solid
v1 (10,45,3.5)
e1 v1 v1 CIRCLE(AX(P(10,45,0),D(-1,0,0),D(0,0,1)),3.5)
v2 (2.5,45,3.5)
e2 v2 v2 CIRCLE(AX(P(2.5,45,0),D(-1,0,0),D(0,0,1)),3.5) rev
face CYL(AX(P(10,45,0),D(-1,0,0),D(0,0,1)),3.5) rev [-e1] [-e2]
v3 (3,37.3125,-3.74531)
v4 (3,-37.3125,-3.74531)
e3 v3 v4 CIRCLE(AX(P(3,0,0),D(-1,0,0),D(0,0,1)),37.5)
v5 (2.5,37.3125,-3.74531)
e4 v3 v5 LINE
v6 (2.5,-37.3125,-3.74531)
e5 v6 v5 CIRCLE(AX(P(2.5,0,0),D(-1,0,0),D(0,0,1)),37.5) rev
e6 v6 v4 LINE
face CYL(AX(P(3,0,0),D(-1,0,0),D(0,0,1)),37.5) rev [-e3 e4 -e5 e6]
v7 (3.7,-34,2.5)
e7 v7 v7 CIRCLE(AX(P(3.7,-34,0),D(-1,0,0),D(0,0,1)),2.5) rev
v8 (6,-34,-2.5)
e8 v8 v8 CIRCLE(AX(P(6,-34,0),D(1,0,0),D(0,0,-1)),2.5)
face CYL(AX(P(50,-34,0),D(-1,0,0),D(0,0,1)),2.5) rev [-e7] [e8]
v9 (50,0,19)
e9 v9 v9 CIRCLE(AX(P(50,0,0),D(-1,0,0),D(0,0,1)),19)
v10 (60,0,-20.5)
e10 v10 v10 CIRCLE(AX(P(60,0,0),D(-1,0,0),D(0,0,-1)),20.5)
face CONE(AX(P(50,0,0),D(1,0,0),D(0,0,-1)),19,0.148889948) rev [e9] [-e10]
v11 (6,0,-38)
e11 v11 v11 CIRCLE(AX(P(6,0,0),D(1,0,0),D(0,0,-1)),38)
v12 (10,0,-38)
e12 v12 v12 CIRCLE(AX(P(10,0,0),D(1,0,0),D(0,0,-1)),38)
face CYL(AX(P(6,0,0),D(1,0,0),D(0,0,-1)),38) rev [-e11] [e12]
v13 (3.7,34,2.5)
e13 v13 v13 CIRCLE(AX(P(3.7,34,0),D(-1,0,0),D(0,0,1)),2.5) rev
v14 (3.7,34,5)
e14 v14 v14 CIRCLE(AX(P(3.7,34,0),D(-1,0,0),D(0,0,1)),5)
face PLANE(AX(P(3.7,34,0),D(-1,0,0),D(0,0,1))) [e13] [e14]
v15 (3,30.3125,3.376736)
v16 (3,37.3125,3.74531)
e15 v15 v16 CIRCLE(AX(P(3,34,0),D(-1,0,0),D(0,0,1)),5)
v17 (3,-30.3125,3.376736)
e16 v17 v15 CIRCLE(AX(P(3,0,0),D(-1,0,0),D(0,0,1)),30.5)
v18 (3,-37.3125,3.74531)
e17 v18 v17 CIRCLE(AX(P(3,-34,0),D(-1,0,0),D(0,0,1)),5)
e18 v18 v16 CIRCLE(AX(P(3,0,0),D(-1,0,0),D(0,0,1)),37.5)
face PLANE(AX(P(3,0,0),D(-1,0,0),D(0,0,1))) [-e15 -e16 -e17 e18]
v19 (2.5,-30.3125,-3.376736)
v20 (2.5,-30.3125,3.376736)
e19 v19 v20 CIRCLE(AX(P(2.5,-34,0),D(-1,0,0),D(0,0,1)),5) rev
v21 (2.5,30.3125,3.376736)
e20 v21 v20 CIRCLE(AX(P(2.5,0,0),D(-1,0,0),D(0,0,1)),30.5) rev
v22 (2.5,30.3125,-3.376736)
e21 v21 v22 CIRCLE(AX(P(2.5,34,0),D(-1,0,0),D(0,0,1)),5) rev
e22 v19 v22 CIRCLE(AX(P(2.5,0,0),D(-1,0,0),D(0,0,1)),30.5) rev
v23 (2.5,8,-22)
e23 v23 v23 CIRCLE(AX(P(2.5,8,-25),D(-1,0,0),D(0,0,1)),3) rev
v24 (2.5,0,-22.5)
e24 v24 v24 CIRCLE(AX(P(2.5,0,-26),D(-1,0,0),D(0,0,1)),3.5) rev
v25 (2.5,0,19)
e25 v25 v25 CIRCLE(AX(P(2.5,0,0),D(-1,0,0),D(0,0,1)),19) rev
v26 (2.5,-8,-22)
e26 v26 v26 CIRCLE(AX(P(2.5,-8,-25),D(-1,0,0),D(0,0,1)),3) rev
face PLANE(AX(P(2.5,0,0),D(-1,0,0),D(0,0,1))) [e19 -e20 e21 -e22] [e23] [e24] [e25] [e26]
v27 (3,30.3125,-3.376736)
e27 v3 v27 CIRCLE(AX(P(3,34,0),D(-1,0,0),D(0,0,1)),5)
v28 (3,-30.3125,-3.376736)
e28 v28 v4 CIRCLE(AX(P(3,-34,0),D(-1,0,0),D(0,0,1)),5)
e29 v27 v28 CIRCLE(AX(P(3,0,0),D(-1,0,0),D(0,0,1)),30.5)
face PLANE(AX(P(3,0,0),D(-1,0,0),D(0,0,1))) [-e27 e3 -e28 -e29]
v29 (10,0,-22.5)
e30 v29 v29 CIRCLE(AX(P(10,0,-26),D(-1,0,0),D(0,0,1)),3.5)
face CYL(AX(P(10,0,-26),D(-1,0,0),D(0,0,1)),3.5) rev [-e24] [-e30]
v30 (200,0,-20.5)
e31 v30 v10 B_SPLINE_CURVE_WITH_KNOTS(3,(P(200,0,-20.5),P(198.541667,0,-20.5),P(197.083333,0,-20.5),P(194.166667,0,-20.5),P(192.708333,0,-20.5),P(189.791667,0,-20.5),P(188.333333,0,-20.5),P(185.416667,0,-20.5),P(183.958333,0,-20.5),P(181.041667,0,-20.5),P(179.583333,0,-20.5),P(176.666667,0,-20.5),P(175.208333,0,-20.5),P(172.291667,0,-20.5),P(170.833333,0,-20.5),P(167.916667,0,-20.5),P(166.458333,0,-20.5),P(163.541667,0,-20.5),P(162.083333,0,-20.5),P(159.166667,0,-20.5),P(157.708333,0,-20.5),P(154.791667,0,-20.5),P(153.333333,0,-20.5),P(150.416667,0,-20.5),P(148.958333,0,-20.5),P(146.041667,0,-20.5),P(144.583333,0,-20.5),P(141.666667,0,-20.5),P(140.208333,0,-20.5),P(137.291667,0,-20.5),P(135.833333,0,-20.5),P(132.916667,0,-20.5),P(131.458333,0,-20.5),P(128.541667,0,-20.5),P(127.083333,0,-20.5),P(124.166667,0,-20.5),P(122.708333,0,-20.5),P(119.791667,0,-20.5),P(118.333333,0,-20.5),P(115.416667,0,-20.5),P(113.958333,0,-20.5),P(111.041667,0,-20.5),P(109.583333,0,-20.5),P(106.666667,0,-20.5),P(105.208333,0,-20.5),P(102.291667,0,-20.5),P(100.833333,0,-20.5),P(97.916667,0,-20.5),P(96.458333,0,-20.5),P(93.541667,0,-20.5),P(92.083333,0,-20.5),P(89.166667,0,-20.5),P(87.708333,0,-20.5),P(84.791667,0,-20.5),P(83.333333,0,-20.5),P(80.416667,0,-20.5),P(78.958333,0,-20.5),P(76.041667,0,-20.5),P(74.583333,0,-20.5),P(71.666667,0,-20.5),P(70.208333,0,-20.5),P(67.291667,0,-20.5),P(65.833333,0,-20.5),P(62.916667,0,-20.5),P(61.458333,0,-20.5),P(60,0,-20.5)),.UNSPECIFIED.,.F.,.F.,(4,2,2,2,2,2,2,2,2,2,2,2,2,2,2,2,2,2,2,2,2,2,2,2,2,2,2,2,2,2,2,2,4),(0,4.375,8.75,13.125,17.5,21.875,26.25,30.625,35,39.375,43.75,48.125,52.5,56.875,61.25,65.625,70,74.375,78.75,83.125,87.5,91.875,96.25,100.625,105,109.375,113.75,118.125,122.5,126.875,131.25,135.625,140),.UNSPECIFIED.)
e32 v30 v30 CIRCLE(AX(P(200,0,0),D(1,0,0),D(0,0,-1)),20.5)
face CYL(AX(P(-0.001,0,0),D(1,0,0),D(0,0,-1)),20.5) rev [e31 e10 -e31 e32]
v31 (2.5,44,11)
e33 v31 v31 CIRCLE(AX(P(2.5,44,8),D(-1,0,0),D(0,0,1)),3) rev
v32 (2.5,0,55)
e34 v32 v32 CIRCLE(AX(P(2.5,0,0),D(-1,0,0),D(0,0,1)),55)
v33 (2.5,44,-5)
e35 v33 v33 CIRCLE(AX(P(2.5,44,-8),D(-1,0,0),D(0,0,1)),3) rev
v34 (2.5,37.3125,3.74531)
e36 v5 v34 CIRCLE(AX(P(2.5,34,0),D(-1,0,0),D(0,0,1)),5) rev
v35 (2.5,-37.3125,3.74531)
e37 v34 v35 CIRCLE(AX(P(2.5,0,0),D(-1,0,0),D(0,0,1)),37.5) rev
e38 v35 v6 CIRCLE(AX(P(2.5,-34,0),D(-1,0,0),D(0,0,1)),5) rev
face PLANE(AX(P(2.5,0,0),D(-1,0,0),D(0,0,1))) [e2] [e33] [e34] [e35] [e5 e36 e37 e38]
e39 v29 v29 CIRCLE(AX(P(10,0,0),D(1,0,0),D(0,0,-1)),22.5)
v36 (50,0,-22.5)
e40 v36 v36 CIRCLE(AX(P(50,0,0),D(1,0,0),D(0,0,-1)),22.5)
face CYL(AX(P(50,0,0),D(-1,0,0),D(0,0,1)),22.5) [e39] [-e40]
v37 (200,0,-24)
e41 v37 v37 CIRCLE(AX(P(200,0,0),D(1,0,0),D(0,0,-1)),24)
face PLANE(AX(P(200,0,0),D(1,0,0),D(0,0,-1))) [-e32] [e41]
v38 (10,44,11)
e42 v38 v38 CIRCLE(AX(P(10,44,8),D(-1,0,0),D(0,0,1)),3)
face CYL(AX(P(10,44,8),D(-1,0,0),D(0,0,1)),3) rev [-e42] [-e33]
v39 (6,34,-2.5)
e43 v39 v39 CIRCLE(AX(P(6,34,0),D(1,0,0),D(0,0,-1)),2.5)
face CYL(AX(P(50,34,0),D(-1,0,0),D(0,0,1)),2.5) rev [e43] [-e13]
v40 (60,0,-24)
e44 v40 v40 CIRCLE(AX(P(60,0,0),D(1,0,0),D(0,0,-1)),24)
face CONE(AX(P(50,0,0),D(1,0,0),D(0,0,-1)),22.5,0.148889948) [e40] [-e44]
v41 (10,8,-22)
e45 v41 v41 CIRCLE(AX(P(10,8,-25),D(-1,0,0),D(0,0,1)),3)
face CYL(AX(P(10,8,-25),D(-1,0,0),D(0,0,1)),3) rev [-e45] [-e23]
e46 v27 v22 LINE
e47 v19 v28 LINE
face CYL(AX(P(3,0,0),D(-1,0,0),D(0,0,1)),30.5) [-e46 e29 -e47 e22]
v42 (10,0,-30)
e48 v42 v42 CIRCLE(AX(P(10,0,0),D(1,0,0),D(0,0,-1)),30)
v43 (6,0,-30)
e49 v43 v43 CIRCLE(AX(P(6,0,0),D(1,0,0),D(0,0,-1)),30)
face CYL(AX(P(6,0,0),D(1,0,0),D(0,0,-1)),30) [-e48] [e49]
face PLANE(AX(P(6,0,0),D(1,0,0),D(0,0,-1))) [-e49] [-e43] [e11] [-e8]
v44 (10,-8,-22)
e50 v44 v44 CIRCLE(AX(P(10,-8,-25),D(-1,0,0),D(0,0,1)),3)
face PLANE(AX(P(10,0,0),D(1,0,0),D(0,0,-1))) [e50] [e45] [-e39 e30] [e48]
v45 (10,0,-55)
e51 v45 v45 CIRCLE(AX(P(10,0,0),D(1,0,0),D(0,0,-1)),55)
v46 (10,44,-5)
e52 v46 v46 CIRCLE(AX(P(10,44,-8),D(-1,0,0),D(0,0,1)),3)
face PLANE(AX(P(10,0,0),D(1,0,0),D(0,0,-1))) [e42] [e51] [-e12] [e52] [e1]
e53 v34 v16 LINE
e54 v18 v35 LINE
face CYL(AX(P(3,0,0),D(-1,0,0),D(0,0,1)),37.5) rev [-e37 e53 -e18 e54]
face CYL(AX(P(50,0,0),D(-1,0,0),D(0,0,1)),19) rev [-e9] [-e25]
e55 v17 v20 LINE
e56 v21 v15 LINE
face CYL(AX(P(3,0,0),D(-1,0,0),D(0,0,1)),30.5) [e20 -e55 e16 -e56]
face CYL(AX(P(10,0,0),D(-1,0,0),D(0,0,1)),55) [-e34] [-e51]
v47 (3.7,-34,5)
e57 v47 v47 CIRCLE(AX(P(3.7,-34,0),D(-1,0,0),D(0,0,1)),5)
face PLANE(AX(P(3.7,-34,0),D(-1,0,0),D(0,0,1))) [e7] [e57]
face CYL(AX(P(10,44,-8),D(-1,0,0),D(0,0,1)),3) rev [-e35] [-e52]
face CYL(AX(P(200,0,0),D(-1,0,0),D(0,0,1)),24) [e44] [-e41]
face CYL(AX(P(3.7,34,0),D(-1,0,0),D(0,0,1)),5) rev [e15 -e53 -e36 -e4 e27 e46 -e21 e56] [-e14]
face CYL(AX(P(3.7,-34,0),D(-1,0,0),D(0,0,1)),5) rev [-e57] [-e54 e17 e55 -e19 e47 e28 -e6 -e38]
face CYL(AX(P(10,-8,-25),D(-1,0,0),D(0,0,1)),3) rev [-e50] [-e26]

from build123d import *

# Parameters (mm, degrees)
SKETCH2_R               = 55
BOSS_EXTRUDE1_DEPTH     = 10
SKETCH3_R               = 22.5
BOSS_EXTRUDE2_DEPTH     = 40
SKETCH4_R               = 19
CUT_EXTRUDE1_DEPTH      = 93.466210045
CUT_EXTRUDE1_DEPTH_BACK = 93.466210045
SKETCH14_R              = 37.5
SKETCH14_R_2            = 30.5
CUT_EXTRUDE5_DEPTH      = 3
SKETCH15_R              = 38
SKETCH15_R_2            = 30
CUT_EXTRUDE6_DEPTH      = 4
SKETCH16_R              = 2.5
CUT_EXTRUDE7_DEPTH      = 93.466210045
SKETCH17_R              = 5
CUT_EXTRUDE8_DEPTH      = 3.7
SKETCH20_R              = 3.5
SKETCH20_R_2            = 3
CUT_EXTRUDE9_DEPTH      = 10
SKETCH21_R              = 3.5
SKETCH21_R_2            = 3
CUT_EXTRUDE10_DEPTH     = 10
SKETCH22_R              = 24
BOSS_EXTRUDE3_DEPTH     = 140
SKETCH23_R              = 20.5
CUT_EXTRUDE11_DEPTH     = 140
SKETCH25_R              = 103.972470389
CUT_EXTRUDE12_DEPTH     = 2.5


with BuildPart() as part:
    # Sketch2 → Boss-Extrude1 (new body)
    with BuildSketch(Plane(origin=(0, 0, 0), x_dir=(0, 0, -1), z_dir=(1, 0, 0))):
        Circle(SKETCH2_R)
    extrude(amount=BOSS_EXTRUDE1_DEPTH)

    # Sketch3 → Boss-Extrude2 (add)
    with BuildSketch(Plane(origin=(10, 0, 0), x_dir=(0, 0, -1), z_dir=(1, 0, 0))):
        Circle(SKETCH3_R)
    extrude(amount=BOSS_EXTRUDE2_DEPTH)

    # Sketch4 → Cut-Extrude1 (cut, two sides)
    with BuildSketch(Plane.ZY) as cut_extrude1_sk:
        Circle(SKETCH4_R)
    extrude(amount=CUT_EXTRUDE1_DEPTH, mode=Mode.SUBTRACT)
    extrude(cut_extrude1_sk.sketch, amount=-CUT_EXTRUDE1_DEPTH_BACK, mode=Mode.SUBTRACT)

    # Sketch14 → Cut-Extrude5 (cut)
    with BuildSketch(Plane.ZY):
        Circle(SKETCH14_R)
        Circle(SKETCH14_R_2, mode=Mode.SUBTRACT)
    extrude(amount=-CUT_EXTRUDE5_DEPTH, mode=Mode.SUBTRACT)

    # Sketch15 → Cut-Extrude6 (cut)
    with BuildSketch(Plane(origin=(10, 0, 0), x_dir=(0, 0, -1), z_dir=(1, 0, 0))):
        Circle(SKETCH15_R)
        Circle(SKETCH15_R_2, mode=Mode.SUBTRACT)
    extrude(amount=-CUT_EXTRUDE6_DEPTH, mode=Mode.SUBTRACT)

    # Sketch16 → Cut-Extrude7 (cut, through all)
    with BuildSketch(Plane.ZY):
        with Locations((0, 34)):
            Circle(SKETCH16_R)
        with Locations((0, -34)):
            Circle(SKETCH16_R)
    extrude(amount=-CUT_EXTRUDE7_DEPTH, mode=Mode.SUBTRACT)

    # Sketch17 → Cut-Extrude8 (cut)
    with BuildSketch(Plane.ZY):
        with Locations((0, -34)):
            Circle(SKETCH17_R)
        with Locations((0, 34)):
            Circle(SKETCH17_R)
    extrude(amount=-CUT_EXTRUDE8_DEPTH, mode=Mode.SUBTRACT)

    # Sketch20 → Cut-Extrude9 (cut)
    with BuildSketch(Plane.ZY):
        with Locations((-26, 0)):
            Circle(SKETCH20_R)
        with Locations((-25, -8)):
            Circle(SKETCH20_R_2)
        with Locations((-25, 8)):
            Circle(SKETCH20_R_2)
    extrude(amount=-CUT_EXTRUDE9_DEPTH, mode=Mode.SUBTRACT)

    # Sketch21 → Cut-Extrude10 (cut)
    with BuildSketch(Plane.ZY):
        with Locations((0, 45)):
            Circle(SKETCH21_R)
        with Locations((-8, 44)):
            Circle(SKETCH21_R_2)
        with Locations((8, 44)):
            Circle(SKETCH21_R_2)
    extrude(amount=-CUT_EXTRUDE10_DEPTH, mode=Mode.SUBTRACT)


with BuildPart() as body_2:
    # Sketch22 → Boss-Extrude3 (new body)
    with BuildSketch(Plane(origin=(60, 0, 0), x_dir=(0, 0, -1), z_dir=(1, 0, 0))):
        Circle(SKETCH22_R)
    extrude(amount=BOSS_EXTRUDE3_DEPTH)

    # Sketch23 → Cut-Extrude11 (cut)
    with BuildSketch(Plane(origin=(200, 0, 0), x_dir=(0, 0, -1), z_dir=(1, 0, 0))):
        Circle(SKETCH23_R)
    extrude(amount=-CUT_EXTRUDE11_DEPTH, mode=Mode.SUBTRACT)


    add(part.part)  # loft5 joins it to this body
    # loft up to a face of the part (loft5)
    loft([Face(Wire([body_2.edges().sort_by_distance((60, -17.495247058, 16.429130542))[0]])), Face(Wire([body_2.edges().sort_by_distance((50, -16.401794117, 15.402309883))[0]]))])

    # loft up to a face of the part (cut_loft1)
    loft([Face(Wire([body_2.edges().sort_by_distance((60, 14.943856862, 14.033215672))[0]])), Face(Wire([body_2.edges().sort_by_distance((50, 13.850403921, -13.006395013))[0]]))], mode=Mode.SUBTRACT)

    # Sketch25 → Cut-Extrude12 (cut)
    with BuildSketch(Plane.ZY):
        Circle(SKETCH25_R)
    extrude(amount=-CUT_EXTRUDE12_DEPTH, mode=Mode.SUBTRACT)


solid = body_2.part
